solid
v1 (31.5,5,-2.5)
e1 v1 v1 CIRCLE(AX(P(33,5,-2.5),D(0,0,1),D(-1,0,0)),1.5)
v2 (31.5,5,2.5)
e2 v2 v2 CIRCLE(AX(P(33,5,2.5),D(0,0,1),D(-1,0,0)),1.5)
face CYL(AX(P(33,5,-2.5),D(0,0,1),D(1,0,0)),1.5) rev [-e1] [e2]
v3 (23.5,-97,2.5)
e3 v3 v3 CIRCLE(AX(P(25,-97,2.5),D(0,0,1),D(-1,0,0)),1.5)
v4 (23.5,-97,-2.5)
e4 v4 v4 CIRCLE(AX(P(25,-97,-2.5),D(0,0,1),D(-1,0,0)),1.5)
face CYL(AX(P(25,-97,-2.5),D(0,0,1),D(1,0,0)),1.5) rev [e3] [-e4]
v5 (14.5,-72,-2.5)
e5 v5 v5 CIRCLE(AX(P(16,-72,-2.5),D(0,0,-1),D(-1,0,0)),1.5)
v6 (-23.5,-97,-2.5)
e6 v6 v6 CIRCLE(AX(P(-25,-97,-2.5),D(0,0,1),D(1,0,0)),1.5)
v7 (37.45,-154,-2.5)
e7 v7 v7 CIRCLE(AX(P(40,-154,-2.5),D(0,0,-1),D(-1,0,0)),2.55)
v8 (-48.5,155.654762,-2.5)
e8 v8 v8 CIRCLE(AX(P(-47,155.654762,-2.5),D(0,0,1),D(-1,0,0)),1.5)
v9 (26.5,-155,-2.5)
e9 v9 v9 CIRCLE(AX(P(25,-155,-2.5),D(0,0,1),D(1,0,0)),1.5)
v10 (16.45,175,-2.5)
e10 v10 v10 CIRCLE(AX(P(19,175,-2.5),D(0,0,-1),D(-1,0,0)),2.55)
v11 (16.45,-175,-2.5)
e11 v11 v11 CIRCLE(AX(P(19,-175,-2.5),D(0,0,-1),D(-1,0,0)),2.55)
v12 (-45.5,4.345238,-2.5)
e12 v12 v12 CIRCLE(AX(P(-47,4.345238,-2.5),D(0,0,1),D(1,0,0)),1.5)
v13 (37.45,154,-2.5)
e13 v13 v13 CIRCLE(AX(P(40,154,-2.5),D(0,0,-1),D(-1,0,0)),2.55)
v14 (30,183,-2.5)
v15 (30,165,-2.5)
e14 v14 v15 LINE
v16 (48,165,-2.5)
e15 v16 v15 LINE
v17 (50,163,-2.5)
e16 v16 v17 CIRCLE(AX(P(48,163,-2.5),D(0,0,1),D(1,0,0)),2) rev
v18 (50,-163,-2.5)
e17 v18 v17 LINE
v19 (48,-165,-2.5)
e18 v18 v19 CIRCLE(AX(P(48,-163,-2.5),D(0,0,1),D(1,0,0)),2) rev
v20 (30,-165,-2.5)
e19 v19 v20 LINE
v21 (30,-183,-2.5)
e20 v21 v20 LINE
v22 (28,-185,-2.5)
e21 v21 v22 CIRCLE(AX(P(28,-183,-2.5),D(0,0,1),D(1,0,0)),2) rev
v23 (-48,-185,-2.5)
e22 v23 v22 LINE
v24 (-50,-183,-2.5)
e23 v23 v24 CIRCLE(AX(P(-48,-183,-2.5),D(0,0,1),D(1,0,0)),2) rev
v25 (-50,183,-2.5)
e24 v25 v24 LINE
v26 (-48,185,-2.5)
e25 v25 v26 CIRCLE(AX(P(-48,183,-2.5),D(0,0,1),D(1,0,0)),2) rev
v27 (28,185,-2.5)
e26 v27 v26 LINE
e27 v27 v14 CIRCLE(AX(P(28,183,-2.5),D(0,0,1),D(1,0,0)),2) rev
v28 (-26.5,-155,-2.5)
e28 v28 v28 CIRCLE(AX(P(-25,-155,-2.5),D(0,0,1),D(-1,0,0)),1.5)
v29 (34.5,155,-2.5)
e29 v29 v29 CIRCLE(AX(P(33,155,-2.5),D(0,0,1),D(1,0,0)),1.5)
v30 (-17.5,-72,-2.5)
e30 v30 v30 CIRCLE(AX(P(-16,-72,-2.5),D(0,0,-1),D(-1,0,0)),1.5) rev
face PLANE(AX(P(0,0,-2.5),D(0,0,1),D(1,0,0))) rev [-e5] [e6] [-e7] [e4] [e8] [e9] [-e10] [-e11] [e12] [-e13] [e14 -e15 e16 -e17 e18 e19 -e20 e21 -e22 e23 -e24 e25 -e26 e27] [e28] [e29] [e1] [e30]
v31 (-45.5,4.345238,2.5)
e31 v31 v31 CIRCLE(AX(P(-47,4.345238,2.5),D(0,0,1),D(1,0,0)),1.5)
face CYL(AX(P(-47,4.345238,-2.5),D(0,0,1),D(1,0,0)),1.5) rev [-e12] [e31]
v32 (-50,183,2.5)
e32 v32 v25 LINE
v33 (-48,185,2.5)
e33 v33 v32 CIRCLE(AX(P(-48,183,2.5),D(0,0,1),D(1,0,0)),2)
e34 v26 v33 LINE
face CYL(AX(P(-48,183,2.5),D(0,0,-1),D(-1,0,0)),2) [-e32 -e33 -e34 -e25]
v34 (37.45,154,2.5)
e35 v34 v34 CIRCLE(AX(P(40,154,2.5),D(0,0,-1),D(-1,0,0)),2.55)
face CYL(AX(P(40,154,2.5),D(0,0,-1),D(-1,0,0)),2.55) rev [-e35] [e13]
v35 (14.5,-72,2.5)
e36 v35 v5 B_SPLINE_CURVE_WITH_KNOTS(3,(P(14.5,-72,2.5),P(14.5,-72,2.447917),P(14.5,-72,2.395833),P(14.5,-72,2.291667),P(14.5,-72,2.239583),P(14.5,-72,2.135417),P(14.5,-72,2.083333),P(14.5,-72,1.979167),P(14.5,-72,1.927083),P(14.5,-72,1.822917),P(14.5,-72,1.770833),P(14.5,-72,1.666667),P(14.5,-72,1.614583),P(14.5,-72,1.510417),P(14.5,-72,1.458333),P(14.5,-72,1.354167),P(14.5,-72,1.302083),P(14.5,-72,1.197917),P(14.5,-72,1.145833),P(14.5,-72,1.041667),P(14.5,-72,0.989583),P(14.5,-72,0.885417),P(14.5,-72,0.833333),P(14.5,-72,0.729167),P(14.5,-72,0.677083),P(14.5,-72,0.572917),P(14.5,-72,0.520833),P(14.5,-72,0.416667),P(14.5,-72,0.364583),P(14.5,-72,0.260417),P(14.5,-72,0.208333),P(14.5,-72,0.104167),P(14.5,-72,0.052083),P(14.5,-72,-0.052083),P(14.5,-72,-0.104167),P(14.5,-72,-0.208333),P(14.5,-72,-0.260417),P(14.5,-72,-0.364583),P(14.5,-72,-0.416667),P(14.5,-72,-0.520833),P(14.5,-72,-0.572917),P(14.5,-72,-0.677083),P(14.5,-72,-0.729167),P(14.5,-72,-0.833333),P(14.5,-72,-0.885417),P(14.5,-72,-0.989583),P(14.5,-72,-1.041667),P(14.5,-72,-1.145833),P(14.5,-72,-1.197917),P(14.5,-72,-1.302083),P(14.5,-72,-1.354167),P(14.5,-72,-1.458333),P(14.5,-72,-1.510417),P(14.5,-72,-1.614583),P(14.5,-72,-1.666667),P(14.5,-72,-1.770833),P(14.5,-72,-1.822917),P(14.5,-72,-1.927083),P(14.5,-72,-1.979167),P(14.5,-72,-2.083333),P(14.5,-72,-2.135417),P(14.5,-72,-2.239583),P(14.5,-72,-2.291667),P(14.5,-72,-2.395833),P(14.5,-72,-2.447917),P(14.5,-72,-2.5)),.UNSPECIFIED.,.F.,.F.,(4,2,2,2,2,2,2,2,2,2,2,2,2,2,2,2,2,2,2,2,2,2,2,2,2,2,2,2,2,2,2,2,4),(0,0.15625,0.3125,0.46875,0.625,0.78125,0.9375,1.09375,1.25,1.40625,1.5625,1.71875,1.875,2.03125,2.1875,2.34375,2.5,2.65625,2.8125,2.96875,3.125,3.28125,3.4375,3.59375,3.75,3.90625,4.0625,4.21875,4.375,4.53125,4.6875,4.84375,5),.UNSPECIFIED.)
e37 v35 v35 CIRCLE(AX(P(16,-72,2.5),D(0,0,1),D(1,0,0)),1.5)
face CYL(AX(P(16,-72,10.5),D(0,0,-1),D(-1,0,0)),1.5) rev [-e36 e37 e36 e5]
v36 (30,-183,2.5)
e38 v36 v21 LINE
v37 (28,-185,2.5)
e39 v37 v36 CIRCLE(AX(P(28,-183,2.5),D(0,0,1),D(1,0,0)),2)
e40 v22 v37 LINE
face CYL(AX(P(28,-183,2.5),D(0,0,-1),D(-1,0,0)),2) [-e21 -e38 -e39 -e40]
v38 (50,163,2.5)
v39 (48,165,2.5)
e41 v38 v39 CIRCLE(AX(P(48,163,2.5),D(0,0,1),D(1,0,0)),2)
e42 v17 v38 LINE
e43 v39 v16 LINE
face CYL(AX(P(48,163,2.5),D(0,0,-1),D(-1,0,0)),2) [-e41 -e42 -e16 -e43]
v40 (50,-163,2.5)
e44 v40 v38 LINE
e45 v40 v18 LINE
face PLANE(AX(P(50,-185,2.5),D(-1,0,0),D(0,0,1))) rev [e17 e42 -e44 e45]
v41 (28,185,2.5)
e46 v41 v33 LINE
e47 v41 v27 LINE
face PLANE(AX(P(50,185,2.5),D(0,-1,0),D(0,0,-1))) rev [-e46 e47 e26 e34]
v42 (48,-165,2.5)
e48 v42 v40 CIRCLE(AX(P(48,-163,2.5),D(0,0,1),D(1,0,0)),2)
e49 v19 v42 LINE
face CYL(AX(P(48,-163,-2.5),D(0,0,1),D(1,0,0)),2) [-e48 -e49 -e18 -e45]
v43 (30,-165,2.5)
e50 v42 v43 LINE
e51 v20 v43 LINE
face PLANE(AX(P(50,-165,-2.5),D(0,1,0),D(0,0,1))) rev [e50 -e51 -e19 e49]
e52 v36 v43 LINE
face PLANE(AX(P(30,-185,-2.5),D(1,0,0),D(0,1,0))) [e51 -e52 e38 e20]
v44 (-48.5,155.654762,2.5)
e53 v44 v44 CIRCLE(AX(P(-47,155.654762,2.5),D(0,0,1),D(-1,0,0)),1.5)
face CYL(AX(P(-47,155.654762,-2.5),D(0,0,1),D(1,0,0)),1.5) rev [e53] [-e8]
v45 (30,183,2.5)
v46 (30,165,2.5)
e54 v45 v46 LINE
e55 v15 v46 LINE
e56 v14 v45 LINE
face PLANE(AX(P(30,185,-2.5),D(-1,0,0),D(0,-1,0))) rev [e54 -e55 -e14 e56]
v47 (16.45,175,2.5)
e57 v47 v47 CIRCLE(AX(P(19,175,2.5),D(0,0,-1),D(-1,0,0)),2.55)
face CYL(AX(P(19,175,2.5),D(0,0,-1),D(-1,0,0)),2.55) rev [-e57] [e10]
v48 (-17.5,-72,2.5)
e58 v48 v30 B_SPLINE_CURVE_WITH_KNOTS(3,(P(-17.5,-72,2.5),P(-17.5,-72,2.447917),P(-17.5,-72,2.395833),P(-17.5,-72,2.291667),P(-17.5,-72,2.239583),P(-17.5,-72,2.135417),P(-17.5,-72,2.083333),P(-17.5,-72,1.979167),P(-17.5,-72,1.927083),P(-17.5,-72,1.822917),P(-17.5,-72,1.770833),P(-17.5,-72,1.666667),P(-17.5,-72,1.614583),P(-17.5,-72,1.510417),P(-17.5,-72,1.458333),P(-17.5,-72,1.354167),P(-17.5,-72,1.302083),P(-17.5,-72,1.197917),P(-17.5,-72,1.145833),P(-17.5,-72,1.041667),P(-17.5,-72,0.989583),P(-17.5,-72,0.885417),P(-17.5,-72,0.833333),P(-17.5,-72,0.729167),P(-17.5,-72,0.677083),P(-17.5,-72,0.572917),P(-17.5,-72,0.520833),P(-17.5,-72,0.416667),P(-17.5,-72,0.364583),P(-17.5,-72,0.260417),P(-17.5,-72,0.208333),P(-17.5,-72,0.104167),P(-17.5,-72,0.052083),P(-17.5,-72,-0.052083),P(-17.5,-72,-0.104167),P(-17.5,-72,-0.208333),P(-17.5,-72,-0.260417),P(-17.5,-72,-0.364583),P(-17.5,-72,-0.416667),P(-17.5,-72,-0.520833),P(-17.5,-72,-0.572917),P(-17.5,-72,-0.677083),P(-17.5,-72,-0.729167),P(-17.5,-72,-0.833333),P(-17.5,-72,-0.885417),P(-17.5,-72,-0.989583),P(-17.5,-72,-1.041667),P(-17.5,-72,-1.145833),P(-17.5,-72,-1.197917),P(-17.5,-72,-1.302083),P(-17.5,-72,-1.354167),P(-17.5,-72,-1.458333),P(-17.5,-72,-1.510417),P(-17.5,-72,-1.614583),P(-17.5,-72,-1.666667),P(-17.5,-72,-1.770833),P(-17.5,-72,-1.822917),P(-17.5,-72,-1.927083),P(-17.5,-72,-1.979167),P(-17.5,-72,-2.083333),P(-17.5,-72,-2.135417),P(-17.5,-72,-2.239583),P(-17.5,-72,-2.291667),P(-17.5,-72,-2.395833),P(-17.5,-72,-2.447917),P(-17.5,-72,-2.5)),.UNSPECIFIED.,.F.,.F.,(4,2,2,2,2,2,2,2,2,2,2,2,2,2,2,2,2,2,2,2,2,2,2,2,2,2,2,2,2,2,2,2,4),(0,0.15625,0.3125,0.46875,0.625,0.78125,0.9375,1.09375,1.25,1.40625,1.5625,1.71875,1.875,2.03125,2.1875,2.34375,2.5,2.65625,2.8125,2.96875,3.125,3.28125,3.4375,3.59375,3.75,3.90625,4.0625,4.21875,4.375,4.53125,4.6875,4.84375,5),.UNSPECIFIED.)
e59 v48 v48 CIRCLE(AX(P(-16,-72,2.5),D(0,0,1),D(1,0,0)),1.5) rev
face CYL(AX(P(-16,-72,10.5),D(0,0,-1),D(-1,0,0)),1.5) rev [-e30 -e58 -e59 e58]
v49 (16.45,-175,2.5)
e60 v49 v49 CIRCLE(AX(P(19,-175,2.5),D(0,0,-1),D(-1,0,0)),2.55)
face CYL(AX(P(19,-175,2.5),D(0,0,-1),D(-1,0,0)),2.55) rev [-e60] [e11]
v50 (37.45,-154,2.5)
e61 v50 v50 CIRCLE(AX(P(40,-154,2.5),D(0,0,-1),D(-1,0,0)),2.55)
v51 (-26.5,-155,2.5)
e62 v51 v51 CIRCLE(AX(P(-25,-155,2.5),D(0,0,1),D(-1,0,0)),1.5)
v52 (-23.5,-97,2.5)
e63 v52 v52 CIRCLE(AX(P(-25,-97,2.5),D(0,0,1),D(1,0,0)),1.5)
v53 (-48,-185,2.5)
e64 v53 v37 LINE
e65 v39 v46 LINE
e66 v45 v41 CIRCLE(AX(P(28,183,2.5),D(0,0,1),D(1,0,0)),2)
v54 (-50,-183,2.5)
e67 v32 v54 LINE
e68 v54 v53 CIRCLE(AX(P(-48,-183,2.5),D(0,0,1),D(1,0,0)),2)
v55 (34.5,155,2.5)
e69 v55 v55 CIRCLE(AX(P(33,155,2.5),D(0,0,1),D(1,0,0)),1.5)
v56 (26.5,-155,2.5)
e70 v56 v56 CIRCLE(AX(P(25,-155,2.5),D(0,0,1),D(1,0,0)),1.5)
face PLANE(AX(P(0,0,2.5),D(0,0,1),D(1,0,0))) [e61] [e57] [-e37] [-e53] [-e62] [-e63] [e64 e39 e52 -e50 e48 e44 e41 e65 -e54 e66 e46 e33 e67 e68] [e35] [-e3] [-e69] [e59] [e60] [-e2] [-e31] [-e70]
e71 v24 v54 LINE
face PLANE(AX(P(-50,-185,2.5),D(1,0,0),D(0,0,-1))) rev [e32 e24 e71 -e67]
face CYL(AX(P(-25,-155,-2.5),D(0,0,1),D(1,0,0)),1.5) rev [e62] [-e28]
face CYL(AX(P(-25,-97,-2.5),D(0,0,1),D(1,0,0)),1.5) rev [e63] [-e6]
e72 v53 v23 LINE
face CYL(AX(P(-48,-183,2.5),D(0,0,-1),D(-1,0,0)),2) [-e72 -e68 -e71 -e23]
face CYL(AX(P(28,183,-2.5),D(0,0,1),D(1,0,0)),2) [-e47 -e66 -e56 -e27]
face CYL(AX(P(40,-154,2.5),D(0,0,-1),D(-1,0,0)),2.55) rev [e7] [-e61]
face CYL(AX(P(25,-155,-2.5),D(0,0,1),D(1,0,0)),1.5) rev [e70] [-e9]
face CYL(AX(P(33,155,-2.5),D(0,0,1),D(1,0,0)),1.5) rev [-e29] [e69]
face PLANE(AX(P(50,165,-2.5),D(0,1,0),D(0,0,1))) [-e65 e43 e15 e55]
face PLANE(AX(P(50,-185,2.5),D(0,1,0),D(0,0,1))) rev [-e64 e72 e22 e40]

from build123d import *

# Parameters (mm, degrees)
SKETCH_2_W          = 100
SKETCH_2_H          = 370
EXTRUDE_1_DEPTH     = 2.5
SKETCH_5_R          = 1.5
CUT_EXTRUDE_3_DEPTH = 192.702895127
SKETCH_6_R          = 1.5
CUT_EXTRUDE_4_DEPTH = 192.702895127
SKETCH_7_W          = 20
SKETCH_7_H          = 20
CUT_EXTRUDE_5_DEPTH = 192.702895127
SKETCH_8_R          = 2.55
CUT_EXTRUDE_6_DEPTH = 192.702895127
FILLET_1_R          = 2
SKETCH_10_R         = 1.5
CUT_EXTRUDE_7_DEPTH = 13


with BuildPart() as part:
    # 草图2 → 凸台-拉伸1 (new, symmetric)
    with BuildSketch(Plane.XY):
        Rectangle(SKETCH_2_W, SKETCH_2_H)
    extrude(amount=EXTRUDE_1_DEPTH, both=True)

    # 草图5 → 切除-拉伸3 (cut, through all)
    with BuildSketch(Plane.XY.offset(2.5)):
        with Locations((33, 155)):
            Circle(SKETCH_5_R)
        with Locations(Location((-47, 155.654762379, 0), (0, 0, 180))):
            Circle(SKETCH_5_R)
        with Locations(Location((33, 5, 0), (0, 0, 180))):
            Circle(SKETCH_5_R)
        with Locations((-47, 4.345237621)):
            Circle(SKETCH_5_R)
    extrude(amount=-CUT_EXTRUDE_3_DEPTH, mode=Mode.SUBTRACT)

    # 草图6 → 切除-拉伸4 (cut, through all)
    with BuildSketch(Plane.XY.offset(2.5)):
        with Locations((25, -155)):
            Circle(SKETCH_6_R)
        with Locations(Location((-25, -155, 0), (0, 0, 180))):
            Circle(SKETCH_6_R)
        with Locations(Location((25, -97, 0), (0, 0, 180))):
            Circle(SKETCH_6_R)
        with Locations((-25, -97)):
            Circle(SKETCH_6_R)
    extrude(amount=-CUT_EXTRUDE_4_DEPTH, mode=Mode.SUBTRACT)

    # 草图7 → 切除-拉伸5 (cut, through all)
    with BuildSketch(Plane.XY.offset(2.5)):
        with Locations((40, 175)):
            Rectangle(SKETCH_7_W, SKETCH_7_H)
        with Locations((40, -175)):
            Rectangle(SKETCH_7_W, SKETCH_7_H)
    extrude(amount=-CUT_EXTRUDE_5_DEPTH, mode=Mode.SUBTRACT)

    # 草图8 → 切除-拉伸6 (cut, through all)
    with BuildSketch(Plane(origin=(0, 0, -2.5), x_dir=(-1, 0, 0), z_dir=(0, 0, -1))):
        with Locations((-19, 175)):
            Circle(SKETCH_8_R)
        with Locations((-40, 154)):
            Circle(SKETCH_8_R)
        with Locations((-40, -154)):
            Circle(SKETCH_8_R)
        with Locations((-19, -175)):
            Circle(SKETCH_8_R)
    extrude(amount=-CUT_EXTRUDE_6_DEPTH, mode=Mode.SUBTRACT)

    # 圆角1
    fillet_1_edges = [part.edges().sort_by_distance(p)[0] for p in [
        (50, 165, 0),
        (30, 185, 0),
        (30, -185, 0),
        (50, -165, 0),
        (-50, 185, 0),
        (-50, -185, 0),
    ]]
    fillet(fillet_1_edges, radius=FILLET_1_R)

    # 草图10 → 切除-拉伸7 (cut)
    with BuildSketch(Plane(origin=(0, 0, -2.5), x_dir=(-1, 0, 0), z_dir=(0, 0, -1))):
        with Locations((-16, -72)):
            Circle(SKETCH_10_R)
        with Locations((16, -72)):
            Circle(SKETCH_10_R)
    extrude(amount=-CUT_EXTRUDE_7_DEPTH, mode=Mode.SUBTRACT)


solid = part.part
